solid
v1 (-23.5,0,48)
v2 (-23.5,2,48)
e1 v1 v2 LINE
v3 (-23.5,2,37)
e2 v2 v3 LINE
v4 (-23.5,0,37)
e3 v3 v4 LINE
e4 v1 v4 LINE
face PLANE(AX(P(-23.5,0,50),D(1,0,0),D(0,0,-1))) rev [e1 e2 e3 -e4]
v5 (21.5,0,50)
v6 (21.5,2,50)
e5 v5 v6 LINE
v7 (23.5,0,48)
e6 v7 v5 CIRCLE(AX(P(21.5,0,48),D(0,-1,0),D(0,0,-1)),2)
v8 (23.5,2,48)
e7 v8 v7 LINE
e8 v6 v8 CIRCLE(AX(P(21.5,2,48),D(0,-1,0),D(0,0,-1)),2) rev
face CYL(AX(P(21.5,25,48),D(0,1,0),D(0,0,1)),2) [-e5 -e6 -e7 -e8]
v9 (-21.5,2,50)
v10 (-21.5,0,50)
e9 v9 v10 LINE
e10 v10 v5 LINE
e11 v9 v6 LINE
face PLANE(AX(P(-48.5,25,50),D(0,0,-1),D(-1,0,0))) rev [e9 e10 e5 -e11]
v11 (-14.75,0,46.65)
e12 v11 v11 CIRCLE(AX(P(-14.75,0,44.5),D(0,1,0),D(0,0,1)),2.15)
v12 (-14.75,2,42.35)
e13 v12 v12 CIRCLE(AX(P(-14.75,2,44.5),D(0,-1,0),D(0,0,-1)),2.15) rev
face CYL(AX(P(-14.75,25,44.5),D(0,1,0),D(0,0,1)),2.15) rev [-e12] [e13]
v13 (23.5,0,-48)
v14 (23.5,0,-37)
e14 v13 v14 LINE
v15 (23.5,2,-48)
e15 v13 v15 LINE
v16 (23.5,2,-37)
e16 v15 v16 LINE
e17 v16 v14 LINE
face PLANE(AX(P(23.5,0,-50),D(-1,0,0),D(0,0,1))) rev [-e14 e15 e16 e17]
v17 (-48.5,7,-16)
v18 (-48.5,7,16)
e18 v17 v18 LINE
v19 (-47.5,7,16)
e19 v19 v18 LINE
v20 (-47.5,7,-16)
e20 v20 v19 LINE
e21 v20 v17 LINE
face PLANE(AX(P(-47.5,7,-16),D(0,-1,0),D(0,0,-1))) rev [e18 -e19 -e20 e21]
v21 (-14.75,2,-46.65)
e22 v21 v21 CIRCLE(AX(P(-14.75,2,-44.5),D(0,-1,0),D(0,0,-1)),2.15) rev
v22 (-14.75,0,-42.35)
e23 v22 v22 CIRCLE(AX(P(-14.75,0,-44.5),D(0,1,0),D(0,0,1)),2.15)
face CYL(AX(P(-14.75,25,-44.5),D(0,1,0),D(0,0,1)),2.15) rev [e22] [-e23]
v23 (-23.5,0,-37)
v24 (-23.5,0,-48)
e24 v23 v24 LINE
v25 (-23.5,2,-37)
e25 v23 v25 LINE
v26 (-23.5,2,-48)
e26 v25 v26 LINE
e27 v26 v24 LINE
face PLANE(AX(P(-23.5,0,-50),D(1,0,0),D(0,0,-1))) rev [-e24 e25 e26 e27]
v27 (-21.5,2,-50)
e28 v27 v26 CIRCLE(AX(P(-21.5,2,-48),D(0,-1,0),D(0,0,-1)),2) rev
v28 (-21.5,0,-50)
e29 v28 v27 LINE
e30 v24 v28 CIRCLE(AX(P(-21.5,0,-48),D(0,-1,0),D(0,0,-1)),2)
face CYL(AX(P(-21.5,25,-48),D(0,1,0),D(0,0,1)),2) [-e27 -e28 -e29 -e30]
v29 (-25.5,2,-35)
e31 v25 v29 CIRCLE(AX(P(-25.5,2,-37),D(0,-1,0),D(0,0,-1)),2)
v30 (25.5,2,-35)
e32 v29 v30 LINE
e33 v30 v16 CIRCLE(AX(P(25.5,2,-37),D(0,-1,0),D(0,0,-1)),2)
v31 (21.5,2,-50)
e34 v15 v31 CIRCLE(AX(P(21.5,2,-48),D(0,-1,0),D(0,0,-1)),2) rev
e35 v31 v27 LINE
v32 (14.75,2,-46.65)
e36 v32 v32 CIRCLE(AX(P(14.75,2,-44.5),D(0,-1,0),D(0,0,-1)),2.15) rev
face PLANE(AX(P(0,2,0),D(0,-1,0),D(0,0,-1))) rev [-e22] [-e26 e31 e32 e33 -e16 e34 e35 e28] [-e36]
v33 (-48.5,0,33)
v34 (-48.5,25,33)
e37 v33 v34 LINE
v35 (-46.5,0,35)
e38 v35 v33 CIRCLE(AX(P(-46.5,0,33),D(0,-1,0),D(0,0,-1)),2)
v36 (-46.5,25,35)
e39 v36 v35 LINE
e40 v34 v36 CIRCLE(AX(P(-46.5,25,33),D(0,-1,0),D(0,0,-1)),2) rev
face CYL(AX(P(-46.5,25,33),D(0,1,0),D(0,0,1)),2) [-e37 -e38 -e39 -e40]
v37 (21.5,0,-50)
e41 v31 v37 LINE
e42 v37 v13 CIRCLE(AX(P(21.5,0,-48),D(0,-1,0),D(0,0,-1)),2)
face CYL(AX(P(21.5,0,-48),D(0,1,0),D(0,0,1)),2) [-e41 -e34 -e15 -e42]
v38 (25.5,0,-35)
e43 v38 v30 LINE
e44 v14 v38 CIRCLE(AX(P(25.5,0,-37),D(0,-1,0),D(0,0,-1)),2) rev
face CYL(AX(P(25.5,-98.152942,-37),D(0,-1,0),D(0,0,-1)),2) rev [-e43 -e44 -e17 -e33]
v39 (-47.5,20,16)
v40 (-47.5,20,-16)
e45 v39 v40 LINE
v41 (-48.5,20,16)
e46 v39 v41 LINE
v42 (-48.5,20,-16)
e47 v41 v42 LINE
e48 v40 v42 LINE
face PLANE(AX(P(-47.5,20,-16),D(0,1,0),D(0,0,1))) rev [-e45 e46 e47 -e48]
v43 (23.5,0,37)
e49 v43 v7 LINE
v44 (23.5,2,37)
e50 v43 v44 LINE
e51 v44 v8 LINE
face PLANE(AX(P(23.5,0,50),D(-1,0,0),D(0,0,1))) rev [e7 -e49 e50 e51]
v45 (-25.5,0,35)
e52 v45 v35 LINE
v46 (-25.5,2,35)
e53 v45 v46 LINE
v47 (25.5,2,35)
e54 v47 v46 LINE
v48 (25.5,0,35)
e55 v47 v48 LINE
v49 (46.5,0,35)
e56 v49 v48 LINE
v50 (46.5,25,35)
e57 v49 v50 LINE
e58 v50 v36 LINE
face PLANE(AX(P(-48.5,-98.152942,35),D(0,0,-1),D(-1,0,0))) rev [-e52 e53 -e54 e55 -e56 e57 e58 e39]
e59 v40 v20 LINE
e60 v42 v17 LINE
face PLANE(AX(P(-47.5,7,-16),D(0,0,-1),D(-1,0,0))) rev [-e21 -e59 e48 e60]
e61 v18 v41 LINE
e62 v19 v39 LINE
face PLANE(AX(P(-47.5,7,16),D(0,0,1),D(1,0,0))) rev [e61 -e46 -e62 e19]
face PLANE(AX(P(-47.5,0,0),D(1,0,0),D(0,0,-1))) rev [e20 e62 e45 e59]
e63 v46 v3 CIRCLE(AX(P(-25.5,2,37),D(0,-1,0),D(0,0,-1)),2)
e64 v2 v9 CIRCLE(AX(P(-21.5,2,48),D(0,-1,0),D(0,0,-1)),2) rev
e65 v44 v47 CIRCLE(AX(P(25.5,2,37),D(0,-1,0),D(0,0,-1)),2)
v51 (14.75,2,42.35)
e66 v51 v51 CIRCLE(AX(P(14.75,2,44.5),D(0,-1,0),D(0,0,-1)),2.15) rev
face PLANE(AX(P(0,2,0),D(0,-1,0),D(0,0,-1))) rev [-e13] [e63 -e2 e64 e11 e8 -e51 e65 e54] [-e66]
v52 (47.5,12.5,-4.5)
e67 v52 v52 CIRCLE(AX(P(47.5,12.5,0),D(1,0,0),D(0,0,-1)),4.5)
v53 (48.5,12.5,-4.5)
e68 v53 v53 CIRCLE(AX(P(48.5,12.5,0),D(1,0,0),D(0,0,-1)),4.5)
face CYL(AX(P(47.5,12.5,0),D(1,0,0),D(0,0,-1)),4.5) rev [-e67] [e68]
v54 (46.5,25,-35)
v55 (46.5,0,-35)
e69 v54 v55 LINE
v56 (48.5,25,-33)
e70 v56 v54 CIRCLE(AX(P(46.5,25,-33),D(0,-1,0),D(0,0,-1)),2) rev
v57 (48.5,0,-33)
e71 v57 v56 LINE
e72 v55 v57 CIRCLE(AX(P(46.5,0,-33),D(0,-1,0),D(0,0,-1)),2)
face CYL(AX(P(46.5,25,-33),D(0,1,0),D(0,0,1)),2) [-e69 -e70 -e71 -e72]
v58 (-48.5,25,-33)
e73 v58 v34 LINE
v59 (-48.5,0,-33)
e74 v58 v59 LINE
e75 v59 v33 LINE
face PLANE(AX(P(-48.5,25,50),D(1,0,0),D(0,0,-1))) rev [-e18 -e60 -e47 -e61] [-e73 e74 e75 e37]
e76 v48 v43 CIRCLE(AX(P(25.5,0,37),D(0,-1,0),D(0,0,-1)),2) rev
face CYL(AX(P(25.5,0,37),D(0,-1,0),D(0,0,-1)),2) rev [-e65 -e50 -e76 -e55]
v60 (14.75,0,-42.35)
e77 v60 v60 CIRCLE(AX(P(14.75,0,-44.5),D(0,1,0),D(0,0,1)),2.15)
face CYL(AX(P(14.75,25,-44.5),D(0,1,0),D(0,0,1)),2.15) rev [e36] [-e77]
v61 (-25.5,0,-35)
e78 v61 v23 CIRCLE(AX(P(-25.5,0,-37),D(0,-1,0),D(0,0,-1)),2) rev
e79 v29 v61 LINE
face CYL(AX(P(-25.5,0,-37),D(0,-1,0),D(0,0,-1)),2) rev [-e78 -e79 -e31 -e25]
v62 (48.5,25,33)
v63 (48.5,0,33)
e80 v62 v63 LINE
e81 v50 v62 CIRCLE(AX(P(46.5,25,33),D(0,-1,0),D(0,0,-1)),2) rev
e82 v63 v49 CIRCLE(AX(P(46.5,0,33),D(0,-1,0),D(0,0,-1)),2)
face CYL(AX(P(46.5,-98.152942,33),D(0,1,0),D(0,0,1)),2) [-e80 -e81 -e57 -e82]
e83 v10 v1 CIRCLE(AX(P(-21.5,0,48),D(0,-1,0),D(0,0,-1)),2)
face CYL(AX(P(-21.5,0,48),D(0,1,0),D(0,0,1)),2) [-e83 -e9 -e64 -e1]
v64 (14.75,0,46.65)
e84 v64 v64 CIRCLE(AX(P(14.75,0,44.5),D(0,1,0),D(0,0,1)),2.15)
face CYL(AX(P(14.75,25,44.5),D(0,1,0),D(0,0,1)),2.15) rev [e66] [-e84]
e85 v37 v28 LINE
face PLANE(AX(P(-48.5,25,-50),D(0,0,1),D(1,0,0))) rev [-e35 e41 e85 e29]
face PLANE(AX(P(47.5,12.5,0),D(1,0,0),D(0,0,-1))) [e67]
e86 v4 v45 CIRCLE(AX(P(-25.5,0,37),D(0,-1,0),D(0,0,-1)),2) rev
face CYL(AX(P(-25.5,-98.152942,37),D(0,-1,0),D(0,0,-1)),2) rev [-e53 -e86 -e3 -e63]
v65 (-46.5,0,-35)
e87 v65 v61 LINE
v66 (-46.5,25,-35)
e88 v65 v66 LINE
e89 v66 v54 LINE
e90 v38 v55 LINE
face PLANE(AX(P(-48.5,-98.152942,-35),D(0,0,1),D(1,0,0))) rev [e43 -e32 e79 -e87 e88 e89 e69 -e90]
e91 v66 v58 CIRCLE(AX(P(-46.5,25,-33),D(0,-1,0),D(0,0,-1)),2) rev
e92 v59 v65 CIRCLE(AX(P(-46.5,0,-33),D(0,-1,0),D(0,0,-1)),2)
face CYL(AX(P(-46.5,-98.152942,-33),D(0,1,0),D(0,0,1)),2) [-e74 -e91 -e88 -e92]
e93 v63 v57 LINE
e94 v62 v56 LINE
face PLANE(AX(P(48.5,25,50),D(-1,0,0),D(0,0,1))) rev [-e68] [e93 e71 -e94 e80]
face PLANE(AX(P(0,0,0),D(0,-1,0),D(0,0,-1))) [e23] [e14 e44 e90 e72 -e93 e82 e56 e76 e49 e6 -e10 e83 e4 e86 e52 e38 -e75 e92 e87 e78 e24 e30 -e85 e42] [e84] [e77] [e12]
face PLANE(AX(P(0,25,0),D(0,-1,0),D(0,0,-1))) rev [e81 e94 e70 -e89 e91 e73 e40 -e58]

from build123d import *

# Parameters (mm, degrees)
SKETCH1_W            = 97
SKETCH1_H            = 100
BOSS_EXTRUDE1_DEPTH  = 25
M4_CLEARANCE_HOLE1_D = 4.3
SKETCH5_W            = 32
SKETCH5_H            = 13
CUT_EXTRUDE1_DEPTH   = 1
SKETCH6_R            = 4.5
CUT_EXTRUDE2_DEPTH   = 1
SKETCH7_W            = 97
SKETCH7_H            = 15
CUT_EXTRUDE3_DEPTH   = 23
SKETCH8_W            = 25
SKETCH8_H            = 15
CUT_EXTRUDE4_DEPTH   = 74.357003756
FILLET1_R            = 2


with BuildPart() as part:
    # Sketch1 → Boss-Extrude1 (new body)
    with BuildSketch(Plane(origin=(0, 0, 0), x_dir=(1, 0, 0), z_dir=(0, 1, 0))):
        Rectangle(SKETCH1_W, SKETCH1_H)
    extrude(amount=BOSS_EXTRUDE1_DEPTH)

    # M4 Clearance Hole1 (through all)
    with Locations(Plane(origin=(0, 25, 0), x_dir=(1, 0, 0), z_dir=(0, 1, 0))):
        with Locations((-14.75, 44.5), (14.75, 44.5), (-14.75, -44.5), (14.75, -44.5)):
            Hole(M4_CLEARANCE_HOLE1_D / 2)

    # Sketch5 → Cut-Extrude1 (cut)
    with BuildSketch(Plane.ZY.offset(48.5)):
        with Locations((0, 13.5)):
            Rectangle(SKETCH5_W, SKETCH5_H)
    extrude(amount=-CUT_EXTRUDE1_DEPTH, mode=Mode.SUBTRACT)

    # Sketch6 → Cut-Extrude2 (cut)
    with BuildSketch(Plane(origin=(48.5, 0, 0), x_dir=(0, 0, -1), z_dir=(1, 0, 0))):
        with Locations((0, 12.5)):
            Circle(SKETCH6_R)
    extrude(amount=-CUT_EXTRUDE2_DEPTH, mode=Mode.SUBTRACT)

    # Sketch7 → Cut-Extrude3 (cut)
    with BuildSketch(Plane(origin=(0, 25, 0), x_dir=(1, 0, 0), z_dir=(0, 1, 0))):
        with Locations((0, 42.5)):
            Rectangle(SKETCH7_W, SKETCH7_H)
        with Locations((0, -42.5)):
            Rectangle(SKETCH7_W, SKETCH7_H)
    extrude(amount=-CUT_EXTRUDE3_DEPTH, mode=Mode.SUBTRACT)

    # Sketch8 → Cut-Extrude4 (cut, through all)
    with BuildSketch(Plane(origin=(0, 2, 0), x_dir=(1, 0, 0), z_dir=(0, 1, 0))):
        with Locations((-36, 42.5)):
            Rectangle(SKETCH8_W, SKETCH8_H)
        with Locations((36, 42.5)):
            Rectangle(SKETCH8_W, SKETCH8_H)
        with Locations((-36, -42.5)):
            Rectangle(SKETCH8_W, SKETCH8_H)
        with Locations((36, -42.5)):
            Rectangle(SKETCH8_W, SKETCH8_H)
    extrude(amount=-CUT_EXTRUDE4_DEPTH, mode=Mode.SUBTRACT)

    # Fillet1
    fillet1_edges = [part.edges().sort_by_distance(p)[0] for p in [
        (23.5, 1, -35),
        (23.5, 1, -50),
        (-23.5, 1, 35),
        (-23.5, 1, 50),
        (23.5, 1, 50),
        (23.5, 1, 35),
        (-23.5, 1, -50),
        (-23.5, 1, -35),
        (48.5, 12.5, -35),
        (-48.5, 12.5, -35),
        (48.5, 12.5, 35),
        (-48.5, 12.5, 35),
    ]]
    fillet(fillet1_edges, radius=FILLET1_R)


solid = part.part
